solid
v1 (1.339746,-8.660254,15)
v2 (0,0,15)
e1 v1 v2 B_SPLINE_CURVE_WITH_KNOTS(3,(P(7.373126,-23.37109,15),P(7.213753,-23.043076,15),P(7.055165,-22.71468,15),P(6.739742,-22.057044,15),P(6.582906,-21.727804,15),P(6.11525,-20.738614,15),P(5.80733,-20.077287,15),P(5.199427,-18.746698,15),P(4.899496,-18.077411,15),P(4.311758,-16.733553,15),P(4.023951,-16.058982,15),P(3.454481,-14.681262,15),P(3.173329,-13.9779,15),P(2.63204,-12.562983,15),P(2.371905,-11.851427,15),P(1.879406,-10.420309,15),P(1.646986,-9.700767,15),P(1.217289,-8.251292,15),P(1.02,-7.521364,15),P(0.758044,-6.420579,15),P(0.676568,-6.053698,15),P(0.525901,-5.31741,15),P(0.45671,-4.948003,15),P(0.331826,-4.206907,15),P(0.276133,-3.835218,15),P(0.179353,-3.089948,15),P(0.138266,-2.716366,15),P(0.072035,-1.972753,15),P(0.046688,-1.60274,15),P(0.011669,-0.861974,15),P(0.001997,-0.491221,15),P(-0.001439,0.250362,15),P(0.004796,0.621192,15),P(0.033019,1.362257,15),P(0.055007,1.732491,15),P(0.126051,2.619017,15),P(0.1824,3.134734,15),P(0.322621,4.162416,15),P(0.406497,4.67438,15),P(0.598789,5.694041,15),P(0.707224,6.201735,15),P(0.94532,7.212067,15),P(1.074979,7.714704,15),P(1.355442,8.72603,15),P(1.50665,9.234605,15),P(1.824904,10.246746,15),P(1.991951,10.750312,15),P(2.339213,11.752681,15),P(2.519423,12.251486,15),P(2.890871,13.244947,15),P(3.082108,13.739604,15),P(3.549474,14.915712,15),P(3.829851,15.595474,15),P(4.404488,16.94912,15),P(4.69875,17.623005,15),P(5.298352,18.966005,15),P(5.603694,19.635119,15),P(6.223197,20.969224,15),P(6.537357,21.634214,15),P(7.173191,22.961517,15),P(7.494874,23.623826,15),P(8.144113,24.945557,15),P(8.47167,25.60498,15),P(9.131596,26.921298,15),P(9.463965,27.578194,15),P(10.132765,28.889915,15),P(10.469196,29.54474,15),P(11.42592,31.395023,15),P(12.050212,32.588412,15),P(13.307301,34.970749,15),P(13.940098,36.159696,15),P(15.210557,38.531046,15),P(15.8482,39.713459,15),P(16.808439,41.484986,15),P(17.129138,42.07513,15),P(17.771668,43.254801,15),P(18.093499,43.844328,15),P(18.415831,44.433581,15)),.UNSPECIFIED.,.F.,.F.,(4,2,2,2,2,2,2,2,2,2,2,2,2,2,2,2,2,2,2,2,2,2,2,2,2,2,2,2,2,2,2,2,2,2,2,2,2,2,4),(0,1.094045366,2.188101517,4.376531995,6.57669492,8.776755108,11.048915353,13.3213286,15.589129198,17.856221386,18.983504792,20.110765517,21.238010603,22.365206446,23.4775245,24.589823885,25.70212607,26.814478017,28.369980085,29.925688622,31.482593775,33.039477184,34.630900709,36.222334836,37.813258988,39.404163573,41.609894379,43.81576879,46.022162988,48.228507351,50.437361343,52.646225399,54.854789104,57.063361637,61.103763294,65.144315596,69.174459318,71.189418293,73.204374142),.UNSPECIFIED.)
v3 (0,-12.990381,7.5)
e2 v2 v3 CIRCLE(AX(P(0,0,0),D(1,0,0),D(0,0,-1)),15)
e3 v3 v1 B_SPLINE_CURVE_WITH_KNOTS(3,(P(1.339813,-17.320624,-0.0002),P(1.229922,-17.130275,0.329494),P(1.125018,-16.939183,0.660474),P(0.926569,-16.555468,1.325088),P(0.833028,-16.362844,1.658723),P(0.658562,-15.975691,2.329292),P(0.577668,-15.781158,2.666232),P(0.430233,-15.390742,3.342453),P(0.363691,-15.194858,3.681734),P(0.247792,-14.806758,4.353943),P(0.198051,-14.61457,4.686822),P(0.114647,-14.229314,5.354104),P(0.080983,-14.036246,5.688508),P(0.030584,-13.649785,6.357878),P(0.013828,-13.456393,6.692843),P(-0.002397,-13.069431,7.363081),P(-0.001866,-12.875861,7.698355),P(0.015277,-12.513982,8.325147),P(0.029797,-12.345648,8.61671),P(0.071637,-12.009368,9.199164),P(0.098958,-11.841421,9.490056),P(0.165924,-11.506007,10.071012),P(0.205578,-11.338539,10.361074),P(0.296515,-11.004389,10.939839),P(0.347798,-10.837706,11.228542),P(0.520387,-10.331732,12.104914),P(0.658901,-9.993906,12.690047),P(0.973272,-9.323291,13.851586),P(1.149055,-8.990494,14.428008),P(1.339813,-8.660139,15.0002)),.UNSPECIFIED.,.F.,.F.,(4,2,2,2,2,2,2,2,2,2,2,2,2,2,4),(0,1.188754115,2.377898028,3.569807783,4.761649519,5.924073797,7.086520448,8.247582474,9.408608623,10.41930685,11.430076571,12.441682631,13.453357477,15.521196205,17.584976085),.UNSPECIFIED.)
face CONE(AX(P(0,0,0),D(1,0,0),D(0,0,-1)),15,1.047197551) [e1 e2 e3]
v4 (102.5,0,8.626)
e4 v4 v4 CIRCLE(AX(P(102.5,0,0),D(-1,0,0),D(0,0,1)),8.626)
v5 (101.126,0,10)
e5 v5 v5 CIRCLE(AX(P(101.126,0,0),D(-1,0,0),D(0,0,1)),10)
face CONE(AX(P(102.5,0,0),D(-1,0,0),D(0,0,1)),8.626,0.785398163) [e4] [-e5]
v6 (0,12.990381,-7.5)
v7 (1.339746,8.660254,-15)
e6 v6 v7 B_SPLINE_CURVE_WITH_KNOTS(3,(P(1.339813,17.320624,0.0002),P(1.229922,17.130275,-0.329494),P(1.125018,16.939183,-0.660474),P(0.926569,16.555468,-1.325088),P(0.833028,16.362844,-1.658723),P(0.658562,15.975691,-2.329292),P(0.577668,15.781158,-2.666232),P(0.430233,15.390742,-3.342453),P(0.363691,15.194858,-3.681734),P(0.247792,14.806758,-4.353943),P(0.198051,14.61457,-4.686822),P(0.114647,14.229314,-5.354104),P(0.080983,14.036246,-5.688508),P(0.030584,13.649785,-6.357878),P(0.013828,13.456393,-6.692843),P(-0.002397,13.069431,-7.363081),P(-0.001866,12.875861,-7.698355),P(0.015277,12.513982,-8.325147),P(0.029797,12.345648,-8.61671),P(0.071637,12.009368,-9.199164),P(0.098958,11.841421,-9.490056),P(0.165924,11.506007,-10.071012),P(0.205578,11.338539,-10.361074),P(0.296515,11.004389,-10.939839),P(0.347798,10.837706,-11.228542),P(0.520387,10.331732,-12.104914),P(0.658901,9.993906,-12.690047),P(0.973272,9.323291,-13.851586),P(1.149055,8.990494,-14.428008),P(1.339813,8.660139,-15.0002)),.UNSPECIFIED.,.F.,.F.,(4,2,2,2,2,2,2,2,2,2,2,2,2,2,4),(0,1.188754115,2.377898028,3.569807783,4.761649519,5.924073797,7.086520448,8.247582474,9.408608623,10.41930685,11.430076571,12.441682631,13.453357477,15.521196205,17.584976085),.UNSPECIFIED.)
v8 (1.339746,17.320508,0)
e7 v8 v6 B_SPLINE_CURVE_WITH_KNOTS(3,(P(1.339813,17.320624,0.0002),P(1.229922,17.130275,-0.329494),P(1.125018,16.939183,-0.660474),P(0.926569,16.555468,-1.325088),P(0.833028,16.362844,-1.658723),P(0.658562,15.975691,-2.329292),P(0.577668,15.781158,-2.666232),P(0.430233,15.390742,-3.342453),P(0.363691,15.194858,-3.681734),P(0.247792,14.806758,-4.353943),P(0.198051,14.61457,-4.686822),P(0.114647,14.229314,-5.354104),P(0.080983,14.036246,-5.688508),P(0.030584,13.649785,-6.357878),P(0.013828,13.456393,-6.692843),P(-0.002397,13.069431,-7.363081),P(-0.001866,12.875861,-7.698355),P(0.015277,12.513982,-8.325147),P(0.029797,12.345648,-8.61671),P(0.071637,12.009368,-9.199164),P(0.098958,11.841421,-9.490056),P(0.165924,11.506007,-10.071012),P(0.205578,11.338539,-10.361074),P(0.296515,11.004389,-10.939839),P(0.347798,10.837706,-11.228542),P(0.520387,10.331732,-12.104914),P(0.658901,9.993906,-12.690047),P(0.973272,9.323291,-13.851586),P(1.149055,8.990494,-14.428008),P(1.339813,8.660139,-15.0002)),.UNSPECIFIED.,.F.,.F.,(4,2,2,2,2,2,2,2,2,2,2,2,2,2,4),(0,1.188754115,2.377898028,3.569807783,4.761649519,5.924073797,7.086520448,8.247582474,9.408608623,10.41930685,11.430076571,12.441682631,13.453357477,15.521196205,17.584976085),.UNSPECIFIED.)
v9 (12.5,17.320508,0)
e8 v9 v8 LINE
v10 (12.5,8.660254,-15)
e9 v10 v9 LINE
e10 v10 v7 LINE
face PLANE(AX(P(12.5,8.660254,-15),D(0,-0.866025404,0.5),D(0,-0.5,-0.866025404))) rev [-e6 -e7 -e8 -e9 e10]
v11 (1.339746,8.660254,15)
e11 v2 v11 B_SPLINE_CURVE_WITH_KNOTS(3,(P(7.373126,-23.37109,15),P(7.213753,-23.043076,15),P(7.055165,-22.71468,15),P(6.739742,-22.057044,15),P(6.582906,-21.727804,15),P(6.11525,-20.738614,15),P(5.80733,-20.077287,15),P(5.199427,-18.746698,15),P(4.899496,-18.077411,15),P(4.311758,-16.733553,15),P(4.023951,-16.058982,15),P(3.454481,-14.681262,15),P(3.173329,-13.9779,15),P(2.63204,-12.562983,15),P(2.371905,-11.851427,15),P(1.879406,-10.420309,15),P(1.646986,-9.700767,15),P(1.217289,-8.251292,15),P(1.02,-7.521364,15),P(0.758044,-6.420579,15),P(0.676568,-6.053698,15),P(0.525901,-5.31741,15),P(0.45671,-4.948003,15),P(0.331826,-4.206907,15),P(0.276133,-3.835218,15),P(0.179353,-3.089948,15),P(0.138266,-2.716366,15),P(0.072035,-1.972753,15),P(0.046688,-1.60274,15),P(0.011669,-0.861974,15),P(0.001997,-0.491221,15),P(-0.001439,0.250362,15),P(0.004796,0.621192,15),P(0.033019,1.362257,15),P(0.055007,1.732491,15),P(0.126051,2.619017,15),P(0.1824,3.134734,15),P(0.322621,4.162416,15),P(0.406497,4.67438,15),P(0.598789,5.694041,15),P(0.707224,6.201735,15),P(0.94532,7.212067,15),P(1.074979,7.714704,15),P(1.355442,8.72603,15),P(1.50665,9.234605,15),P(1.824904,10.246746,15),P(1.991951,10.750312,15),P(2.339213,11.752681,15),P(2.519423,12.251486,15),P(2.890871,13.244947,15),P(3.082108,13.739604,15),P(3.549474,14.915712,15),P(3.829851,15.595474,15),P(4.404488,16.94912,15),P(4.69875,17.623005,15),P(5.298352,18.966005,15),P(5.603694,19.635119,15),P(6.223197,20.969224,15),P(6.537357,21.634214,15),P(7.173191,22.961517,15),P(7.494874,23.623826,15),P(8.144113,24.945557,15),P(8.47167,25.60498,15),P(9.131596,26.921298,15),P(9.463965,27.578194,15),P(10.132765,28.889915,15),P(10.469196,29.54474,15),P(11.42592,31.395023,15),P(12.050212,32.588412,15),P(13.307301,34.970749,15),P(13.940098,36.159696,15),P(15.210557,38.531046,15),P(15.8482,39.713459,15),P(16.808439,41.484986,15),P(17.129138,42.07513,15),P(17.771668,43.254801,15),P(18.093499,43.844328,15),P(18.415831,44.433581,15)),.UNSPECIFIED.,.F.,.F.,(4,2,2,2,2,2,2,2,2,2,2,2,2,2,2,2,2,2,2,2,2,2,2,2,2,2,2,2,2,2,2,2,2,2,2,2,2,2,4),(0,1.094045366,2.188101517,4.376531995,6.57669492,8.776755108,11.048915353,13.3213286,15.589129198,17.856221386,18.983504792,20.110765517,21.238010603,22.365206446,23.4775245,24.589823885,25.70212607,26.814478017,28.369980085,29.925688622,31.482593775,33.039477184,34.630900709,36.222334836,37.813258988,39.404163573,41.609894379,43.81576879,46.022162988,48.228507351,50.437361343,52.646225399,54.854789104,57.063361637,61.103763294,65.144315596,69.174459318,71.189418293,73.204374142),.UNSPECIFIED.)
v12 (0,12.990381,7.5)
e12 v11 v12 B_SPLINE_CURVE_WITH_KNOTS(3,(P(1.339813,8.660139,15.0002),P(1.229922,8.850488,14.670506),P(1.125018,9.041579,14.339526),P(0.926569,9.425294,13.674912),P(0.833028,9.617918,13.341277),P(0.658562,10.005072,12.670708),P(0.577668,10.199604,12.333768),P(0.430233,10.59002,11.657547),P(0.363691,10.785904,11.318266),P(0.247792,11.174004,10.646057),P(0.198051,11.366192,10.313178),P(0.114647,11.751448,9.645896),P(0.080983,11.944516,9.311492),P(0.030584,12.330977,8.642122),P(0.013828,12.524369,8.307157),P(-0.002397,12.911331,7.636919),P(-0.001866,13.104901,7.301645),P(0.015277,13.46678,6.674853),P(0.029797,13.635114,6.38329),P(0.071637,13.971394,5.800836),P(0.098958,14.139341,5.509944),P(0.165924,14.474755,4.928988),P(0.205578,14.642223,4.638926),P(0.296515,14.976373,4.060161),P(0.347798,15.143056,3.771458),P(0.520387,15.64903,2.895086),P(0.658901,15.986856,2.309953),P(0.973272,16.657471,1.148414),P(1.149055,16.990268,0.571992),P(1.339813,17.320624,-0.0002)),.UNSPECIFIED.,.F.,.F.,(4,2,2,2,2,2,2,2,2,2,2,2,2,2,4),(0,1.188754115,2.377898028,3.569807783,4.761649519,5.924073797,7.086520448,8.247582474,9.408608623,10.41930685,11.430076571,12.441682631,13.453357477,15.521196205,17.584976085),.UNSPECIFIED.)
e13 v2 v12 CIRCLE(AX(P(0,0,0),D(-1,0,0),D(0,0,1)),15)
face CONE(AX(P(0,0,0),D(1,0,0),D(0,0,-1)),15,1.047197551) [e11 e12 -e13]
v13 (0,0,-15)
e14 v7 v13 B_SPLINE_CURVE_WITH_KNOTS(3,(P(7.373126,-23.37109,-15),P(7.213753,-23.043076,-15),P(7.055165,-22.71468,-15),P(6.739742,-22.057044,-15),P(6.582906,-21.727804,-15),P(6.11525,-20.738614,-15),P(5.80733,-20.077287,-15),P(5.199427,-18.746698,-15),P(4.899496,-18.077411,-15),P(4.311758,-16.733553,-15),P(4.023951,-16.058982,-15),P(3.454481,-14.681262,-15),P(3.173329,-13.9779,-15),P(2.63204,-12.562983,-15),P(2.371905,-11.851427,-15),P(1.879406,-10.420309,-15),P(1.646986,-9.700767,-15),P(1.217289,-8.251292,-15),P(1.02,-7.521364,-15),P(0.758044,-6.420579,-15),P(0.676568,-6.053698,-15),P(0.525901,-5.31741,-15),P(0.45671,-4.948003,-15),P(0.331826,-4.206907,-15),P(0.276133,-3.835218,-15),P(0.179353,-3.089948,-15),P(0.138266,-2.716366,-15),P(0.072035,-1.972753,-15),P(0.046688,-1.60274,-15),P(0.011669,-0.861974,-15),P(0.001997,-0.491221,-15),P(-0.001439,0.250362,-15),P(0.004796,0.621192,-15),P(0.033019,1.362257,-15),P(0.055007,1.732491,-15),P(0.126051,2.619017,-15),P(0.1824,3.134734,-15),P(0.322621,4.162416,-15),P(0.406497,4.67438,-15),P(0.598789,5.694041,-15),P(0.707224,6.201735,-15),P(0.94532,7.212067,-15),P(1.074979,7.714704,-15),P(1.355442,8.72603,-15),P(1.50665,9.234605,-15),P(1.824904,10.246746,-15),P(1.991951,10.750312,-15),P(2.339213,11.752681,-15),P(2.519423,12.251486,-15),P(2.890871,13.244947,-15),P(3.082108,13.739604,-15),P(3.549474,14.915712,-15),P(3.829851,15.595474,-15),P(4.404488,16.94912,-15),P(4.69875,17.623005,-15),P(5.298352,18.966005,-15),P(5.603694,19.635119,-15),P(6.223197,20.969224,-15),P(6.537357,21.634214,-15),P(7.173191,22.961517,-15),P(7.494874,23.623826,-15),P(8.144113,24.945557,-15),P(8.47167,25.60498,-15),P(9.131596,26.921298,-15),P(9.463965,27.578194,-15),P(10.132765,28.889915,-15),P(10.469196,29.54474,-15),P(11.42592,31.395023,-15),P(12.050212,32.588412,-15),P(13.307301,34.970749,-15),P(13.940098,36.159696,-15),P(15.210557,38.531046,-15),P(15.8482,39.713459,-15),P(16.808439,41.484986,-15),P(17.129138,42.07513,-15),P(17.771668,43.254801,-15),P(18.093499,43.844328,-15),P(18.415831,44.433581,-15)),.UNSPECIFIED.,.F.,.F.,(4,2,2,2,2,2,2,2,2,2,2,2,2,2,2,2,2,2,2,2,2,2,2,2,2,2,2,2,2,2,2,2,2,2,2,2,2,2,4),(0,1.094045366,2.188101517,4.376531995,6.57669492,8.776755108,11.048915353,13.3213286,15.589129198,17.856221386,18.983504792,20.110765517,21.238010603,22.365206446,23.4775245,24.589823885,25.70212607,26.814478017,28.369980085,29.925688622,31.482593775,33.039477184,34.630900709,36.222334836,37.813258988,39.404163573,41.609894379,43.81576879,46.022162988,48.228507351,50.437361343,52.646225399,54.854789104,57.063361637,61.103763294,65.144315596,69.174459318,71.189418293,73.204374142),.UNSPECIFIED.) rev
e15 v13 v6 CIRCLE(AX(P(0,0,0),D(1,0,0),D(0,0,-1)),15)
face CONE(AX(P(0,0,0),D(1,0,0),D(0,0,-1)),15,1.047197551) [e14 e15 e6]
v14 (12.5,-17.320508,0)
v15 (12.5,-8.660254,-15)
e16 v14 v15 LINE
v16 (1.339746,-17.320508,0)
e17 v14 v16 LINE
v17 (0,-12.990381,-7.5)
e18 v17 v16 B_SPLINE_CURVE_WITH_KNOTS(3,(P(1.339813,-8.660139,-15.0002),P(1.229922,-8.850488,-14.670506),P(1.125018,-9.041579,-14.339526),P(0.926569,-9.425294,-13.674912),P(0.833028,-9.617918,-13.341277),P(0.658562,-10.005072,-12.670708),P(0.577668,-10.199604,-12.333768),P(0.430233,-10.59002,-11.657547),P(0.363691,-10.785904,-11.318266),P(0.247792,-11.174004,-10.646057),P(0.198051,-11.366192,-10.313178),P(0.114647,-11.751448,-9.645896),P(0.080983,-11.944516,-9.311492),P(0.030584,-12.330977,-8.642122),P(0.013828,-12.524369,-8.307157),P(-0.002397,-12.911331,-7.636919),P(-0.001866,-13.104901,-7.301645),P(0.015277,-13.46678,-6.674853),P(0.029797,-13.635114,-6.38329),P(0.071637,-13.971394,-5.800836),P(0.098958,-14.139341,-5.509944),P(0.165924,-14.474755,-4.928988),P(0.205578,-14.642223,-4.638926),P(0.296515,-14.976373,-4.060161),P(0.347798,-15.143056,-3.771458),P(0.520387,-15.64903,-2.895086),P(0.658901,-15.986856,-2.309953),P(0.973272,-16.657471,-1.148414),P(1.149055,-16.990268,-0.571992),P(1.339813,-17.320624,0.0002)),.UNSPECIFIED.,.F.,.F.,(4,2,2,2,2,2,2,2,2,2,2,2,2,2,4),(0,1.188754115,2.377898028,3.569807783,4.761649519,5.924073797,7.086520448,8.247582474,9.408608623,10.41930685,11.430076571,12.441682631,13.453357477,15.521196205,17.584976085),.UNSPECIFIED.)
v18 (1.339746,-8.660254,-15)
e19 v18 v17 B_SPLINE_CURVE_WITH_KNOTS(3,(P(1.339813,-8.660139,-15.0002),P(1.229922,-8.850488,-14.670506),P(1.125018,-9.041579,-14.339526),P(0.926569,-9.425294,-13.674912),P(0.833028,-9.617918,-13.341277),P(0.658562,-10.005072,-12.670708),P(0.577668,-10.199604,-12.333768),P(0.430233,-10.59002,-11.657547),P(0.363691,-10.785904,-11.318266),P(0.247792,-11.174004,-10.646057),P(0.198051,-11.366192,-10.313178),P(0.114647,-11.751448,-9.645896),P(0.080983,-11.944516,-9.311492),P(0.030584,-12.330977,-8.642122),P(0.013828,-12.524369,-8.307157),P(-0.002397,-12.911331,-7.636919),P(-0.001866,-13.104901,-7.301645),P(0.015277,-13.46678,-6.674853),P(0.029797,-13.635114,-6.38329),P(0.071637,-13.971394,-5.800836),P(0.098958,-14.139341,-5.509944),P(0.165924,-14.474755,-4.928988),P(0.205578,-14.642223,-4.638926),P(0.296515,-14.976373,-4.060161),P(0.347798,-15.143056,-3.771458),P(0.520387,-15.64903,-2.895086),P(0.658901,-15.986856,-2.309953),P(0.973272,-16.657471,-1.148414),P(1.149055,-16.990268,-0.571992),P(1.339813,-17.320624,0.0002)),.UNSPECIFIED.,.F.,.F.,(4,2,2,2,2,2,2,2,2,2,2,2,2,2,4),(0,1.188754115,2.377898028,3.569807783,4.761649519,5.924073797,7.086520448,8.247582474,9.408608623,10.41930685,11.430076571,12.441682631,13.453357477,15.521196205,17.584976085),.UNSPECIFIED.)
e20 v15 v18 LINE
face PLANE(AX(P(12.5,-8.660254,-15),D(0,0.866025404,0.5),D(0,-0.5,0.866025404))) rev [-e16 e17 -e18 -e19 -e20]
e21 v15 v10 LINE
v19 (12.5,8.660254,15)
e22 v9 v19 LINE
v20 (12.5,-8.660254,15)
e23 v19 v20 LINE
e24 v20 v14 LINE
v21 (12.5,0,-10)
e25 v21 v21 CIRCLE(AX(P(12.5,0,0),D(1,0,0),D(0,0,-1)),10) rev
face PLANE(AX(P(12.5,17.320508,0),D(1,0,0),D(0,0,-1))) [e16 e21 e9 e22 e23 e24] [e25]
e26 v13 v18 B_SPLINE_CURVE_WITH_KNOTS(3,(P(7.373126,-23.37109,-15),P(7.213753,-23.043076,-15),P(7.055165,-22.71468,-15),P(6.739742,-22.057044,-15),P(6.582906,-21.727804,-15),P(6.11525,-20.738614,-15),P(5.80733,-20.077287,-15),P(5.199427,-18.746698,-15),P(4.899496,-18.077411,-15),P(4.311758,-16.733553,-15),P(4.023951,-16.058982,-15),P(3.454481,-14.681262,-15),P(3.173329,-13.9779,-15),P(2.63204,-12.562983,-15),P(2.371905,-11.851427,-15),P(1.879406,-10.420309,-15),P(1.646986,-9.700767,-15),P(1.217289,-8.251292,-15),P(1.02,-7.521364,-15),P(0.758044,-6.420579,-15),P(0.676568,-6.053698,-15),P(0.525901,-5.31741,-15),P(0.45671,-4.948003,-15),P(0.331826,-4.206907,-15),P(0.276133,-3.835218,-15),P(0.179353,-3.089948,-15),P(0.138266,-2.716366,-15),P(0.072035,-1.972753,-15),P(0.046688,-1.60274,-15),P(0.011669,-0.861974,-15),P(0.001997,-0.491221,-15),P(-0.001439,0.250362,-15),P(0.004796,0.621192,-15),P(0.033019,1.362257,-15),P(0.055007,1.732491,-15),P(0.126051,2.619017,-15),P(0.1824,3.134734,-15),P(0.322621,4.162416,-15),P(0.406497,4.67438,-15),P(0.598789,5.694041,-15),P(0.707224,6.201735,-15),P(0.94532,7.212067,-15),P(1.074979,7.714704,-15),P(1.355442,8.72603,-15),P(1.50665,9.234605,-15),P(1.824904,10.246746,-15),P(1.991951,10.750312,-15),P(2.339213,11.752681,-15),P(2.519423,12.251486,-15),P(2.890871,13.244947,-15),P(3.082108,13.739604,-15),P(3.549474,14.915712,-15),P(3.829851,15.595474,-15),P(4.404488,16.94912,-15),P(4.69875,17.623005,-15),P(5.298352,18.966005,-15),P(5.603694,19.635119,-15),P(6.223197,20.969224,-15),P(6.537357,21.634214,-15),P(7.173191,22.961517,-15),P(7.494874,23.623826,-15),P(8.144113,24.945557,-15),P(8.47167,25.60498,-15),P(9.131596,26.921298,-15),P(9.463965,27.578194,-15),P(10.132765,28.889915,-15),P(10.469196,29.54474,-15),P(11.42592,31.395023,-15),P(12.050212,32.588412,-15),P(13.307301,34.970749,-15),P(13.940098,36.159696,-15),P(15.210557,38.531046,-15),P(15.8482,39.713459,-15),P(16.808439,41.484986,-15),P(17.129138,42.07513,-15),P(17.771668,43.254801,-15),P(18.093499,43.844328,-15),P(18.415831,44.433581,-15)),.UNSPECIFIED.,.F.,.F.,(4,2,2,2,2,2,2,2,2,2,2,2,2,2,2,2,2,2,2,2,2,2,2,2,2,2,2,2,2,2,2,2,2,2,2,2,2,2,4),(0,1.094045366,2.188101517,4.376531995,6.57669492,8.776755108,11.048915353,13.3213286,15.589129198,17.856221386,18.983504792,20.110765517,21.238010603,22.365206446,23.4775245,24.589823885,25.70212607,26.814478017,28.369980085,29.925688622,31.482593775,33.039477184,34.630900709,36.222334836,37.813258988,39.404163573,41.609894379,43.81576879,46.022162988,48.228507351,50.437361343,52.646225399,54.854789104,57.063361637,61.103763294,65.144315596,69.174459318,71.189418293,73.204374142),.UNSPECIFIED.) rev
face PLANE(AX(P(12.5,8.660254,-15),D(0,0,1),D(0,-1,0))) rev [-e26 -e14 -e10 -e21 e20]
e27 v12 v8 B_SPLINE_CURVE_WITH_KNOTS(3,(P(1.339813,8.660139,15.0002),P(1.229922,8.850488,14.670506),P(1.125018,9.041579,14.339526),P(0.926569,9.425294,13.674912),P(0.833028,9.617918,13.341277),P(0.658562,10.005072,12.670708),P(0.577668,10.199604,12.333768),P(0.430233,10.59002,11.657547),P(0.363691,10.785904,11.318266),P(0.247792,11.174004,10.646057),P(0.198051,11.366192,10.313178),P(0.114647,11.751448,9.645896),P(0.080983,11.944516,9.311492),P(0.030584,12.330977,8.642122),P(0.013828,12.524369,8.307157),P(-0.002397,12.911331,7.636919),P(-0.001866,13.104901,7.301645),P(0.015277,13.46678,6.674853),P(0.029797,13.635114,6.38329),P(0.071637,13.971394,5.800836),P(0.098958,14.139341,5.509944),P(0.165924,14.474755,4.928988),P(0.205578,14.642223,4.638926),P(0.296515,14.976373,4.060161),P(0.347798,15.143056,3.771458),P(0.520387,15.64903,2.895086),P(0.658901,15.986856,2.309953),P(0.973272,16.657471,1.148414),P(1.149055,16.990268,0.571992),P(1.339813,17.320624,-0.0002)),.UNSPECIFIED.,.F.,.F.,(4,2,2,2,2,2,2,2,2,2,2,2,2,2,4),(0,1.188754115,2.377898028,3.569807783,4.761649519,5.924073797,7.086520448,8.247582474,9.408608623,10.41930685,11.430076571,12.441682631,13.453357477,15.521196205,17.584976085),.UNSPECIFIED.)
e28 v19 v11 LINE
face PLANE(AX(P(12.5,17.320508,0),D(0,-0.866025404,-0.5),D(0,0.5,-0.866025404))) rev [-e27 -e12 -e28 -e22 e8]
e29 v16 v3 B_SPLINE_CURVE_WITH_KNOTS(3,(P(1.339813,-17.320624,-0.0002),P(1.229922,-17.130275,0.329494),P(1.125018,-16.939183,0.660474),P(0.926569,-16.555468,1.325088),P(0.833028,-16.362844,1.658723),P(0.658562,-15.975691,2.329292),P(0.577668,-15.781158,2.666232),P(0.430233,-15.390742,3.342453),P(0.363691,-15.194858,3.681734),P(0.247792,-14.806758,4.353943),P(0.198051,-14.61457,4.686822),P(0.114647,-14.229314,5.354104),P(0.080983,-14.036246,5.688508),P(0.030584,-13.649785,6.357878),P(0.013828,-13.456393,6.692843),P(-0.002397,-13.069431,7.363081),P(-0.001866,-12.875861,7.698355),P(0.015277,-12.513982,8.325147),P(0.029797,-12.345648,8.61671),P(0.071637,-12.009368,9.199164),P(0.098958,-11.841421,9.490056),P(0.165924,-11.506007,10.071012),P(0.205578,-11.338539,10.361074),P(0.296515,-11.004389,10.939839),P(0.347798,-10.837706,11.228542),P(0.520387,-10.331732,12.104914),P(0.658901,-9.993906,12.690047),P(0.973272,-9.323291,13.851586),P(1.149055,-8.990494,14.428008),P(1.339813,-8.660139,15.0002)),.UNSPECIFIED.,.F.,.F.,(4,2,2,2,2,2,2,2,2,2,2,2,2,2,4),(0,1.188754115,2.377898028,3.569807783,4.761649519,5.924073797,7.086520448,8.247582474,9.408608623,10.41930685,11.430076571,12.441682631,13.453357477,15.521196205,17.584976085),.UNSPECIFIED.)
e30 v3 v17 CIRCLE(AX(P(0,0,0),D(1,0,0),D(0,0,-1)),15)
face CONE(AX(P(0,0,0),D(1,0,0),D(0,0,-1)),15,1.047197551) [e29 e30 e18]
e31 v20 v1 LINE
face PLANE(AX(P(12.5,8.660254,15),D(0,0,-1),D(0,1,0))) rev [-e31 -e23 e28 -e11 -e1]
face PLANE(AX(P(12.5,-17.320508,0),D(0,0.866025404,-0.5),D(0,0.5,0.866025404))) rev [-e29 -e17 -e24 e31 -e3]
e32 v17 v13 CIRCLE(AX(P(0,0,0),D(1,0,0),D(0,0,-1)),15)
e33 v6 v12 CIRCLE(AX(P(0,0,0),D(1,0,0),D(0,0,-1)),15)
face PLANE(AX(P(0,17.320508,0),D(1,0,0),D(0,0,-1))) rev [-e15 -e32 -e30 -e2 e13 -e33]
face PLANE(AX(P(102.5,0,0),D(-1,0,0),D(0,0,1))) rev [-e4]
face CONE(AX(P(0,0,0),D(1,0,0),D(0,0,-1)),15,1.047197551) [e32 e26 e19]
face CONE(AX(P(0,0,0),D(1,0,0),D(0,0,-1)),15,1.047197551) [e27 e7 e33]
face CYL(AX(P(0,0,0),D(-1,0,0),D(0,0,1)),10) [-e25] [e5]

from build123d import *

# Parameters (mm, degrees)
BASEHEAD_DEPTH = 12.5


with BuildPart() as part:
    # Sketch1 → BaseHead (new body)
    with BuildSketch(Plane(origin=(0, 0, 0), x_dir=(0, 0, -1), z_dir=(1, 0, 0))):
        Polygon((15, 8.660254038), (15, -8.660254038), (0, -17.320508076), (-15, -8.660254038), (-15, 8.660254038), (0, 17.320508076), align=None)
    extrude(amount=BASEHEAD_DEPTH)

    # BodySke → BaseBody (revolve)
    with BuildSketch(Plane.XY):
        Polygon((0, 0), (102.5, 0), (102.5, 8.626), (101.126, 10), (0, 10), align=None)
    revolve(axis=Axis((0, 0, 0), (1, 0, 0)))

    # Sketch3 → HeadChamfer (revolve, cut)
    with BuildSketch(Plane.XY):
        Polygon((0, 15), (4.226497308, 22.320508076), (4.226497308, 27.320508076), (-10, 27.320508076), (-10, 15), align=None)
    revolve(axis=Axis((0, 0, 0), (1, 0, 0)), mode=Mode.SUBTRACT)


solid = part.part
